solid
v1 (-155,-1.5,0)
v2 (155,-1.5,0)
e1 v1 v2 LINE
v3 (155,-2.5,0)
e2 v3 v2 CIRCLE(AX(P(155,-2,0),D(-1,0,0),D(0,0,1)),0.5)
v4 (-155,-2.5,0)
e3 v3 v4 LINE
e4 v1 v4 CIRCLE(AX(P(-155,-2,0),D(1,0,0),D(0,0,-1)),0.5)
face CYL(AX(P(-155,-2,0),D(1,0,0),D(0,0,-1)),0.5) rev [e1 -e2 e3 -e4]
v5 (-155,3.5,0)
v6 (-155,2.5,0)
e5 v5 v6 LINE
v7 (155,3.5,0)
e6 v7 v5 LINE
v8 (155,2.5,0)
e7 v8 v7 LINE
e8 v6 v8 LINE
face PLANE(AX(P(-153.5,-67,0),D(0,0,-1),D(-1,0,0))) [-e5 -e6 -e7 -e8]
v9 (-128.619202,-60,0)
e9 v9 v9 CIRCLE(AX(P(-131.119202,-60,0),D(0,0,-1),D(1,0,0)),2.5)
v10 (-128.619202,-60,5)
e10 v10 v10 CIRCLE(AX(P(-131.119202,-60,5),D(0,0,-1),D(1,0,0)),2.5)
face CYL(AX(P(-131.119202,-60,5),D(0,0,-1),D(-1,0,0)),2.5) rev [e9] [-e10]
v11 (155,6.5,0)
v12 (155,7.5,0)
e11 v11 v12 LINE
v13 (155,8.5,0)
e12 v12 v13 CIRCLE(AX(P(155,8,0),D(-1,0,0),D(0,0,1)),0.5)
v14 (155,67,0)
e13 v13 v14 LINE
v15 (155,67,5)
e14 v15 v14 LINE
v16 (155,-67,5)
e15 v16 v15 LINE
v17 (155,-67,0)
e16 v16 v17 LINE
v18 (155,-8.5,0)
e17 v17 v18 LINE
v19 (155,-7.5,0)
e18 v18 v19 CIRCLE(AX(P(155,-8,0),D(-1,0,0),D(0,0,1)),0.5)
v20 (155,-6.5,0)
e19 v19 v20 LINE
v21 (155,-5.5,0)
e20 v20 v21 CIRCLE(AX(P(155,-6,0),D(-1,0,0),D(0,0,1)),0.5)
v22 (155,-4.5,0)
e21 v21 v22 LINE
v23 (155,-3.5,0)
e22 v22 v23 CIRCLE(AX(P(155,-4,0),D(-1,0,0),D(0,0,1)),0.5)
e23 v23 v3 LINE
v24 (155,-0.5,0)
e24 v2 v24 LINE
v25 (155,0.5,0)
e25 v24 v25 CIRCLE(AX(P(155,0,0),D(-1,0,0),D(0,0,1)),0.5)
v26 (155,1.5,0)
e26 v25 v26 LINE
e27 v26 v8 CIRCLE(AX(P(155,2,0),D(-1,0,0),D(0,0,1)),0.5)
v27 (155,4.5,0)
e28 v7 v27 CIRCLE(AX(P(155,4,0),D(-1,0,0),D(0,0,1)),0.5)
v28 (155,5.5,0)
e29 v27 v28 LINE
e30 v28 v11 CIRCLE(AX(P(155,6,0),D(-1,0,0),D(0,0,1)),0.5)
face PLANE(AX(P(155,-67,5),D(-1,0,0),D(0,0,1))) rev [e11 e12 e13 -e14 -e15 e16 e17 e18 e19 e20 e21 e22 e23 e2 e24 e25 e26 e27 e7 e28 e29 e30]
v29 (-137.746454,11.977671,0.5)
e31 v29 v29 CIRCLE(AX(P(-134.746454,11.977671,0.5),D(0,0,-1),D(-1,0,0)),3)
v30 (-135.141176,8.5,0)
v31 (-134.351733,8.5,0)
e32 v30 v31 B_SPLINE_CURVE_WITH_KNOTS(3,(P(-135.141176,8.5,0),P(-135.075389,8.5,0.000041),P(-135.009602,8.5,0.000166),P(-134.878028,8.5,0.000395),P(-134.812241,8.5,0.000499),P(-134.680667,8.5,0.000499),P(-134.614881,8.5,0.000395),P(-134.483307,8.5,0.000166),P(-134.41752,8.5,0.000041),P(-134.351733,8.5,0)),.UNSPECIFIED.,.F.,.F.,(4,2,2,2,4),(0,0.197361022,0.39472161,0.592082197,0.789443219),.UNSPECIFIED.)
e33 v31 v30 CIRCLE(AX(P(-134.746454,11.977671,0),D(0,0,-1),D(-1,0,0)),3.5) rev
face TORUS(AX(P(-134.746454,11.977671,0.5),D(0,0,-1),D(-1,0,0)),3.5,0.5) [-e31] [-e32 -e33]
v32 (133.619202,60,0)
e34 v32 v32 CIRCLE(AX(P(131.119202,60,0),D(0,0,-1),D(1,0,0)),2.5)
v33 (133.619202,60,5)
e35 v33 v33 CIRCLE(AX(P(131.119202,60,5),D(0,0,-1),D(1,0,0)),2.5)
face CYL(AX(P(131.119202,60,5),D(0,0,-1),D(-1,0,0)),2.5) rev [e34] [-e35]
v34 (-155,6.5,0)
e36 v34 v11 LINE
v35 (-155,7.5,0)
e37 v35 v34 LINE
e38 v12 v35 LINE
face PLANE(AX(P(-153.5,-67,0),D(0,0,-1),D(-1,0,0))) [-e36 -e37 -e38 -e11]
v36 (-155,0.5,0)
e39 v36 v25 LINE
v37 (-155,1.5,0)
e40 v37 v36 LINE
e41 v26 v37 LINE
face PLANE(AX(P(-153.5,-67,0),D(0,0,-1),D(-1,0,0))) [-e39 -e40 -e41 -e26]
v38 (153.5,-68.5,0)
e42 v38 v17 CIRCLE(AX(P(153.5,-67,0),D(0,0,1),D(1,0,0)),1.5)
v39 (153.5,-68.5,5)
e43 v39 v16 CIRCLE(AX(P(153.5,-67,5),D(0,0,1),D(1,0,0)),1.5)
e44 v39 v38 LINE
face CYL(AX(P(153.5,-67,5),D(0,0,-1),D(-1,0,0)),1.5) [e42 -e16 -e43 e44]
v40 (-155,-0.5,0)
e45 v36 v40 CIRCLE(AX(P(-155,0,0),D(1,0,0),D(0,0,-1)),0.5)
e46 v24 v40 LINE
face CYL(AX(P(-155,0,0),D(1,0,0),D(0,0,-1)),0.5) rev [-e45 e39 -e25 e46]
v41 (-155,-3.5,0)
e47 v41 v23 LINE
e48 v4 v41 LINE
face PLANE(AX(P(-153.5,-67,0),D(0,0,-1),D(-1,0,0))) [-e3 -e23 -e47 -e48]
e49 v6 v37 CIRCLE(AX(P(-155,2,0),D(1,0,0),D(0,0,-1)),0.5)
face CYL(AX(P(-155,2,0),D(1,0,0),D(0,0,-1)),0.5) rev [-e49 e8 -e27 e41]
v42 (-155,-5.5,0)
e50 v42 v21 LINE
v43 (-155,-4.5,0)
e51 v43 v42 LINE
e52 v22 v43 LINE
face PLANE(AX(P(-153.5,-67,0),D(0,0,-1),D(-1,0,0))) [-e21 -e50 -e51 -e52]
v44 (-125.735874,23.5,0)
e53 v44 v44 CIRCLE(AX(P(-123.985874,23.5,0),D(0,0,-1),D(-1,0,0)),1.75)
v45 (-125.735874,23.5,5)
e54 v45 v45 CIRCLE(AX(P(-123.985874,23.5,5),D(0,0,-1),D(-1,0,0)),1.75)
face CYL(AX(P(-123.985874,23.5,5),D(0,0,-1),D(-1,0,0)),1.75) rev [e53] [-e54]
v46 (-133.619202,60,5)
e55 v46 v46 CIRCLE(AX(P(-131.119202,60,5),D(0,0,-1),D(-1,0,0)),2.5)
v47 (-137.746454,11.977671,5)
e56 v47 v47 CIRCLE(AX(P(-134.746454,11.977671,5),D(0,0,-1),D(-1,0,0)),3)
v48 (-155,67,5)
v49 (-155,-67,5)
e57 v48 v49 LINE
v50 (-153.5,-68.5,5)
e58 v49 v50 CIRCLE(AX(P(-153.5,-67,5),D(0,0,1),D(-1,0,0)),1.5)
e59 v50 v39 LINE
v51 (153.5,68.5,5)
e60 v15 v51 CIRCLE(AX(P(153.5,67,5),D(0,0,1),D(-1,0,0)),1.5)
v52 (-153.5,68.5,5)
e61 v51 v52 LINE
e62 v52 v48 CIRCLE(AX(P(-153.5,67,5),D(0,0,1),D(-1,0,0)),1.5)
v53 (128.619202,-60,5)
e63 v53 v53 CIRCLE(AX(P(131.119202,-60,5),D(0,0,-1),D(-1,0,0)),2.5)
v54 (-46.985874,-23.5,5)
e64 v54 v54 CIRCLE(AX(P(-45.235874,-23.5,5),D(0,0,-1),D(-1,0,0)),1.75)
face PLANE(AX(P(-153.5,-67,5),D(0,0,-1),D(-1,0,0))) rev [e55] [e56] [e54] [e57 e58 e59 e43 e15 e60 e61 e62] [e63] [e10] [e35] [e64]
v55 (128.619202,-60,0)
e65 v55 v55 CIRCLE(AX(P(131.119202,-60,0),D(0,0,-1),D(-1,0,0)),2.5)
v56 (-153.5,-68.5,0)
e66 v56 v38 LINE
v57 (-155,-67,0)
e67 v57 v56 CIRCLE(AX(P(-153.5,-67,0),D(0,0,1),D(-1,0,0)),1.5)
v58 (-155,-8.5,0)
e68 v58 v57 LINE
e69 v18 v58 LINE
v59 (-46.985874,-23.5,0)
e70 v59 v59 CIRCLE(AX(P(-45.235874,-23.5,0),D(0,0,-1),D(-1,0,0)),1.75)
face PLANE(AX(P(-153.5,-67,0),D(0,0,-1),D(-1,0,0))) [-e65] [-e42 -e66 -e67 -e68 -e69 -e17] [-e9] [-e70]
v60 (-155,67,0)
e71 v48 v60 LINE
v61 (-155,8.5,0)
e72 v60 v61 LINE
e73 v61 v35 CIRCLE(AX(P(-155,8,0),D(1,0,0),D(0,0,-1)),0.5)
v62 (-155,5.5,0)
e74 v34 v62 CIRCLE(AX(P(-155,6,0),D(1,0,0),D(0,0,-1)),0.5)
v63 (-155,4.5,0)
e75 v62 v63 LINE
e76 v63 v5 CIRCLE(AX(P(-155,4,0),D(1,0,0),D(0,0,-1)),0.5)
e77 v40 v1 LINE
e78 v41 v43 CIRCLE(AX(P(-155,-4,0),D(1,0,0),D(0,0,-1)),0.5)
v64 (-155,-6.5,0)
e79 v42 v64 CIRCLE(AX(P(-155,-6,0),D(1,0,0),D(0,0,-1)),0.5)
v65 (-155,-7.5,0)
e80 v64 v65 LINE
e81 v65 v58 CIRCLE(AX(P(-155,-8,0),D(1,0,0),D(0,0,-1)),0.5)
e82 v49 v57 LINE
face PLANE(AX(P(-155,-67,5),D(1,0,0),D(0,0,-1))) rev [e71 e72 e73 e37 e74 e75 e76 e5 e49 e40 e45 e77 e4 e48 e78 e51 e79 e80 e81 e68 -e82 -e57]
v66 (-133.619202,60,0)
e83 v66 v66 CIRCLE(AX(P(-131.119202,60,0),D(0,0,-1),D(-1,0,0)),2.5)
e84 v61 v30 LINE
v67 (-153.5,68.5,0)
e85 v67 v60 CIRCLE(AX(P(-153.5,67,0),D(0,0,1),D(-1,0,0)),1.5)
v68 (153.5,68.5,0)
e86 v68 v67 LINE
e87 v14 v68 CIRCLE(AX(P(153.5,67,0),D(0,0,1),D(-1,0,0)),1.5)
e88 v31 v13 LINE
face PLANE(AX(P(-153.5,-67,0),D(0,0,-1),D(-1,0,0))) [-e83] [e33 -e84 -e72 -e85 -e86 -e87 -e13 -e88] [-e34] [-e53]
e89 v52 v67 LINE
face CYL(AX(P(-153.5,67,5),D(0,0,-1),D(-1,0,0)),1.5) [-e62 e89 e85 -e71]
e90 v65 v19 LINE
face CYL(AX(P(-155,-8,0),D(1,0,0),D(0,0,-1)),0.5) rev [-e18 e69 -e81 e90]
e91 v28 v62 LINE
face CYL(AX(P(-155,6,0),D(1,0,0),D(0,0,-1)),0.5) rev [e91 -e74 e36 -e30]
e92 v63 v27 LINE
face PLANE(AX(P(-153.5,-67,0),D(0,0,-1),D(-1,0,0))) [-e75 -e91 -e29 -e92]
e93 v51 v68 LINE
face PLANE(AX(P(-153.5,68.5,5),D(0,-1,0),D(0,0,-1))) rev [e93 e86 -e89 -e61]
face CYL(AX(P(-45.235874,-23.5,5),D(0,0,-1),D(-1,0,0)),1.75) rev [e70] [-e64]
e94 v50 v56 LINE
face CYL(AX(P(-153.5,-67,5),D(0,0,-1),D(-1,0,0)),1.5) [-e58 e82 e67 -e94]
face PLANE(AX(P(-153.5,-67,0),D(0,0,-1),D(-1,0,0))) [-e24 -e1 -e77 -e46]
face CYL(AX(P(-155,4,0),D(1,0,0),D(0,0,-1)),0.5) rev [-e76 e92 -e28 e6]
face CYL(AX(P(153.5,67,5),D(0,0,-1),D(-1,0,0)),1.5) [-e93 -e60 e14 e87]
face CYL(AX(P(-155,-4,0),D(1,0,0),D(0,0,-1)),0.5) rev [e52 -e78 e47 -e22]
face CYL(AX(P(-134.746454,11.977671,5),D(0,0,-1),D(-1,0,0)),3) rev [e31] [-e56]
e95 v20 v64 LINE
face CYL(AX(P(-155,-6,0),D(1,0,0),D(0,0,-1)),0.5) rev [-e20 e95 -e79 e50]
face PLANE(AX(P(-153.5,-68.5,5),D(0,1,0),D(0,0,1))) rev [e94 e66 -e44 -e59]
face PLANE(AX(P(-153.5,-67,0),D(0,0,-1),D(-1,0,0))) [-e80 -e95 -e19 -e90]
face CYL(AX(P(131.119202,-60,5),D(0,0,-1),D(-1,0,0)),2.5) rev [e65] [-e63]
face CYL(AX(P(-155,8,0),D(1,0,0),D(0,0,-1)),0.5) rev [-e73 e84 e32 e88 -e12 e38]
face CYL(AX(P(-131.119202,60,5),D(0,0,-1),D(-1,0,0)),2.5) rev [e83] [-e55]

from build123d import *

# Parameters (mm, degrees)
BOSS_EXTRU_1_DEPTH           = 5
ESQUISSE2_R                  = 2.5
ENL_V_MAT_EXTRU_1_DEPTH      = 5
ESQUISSE3_R                  = 0.5
ENL_V_MAT_EXTRU_2_DEPTH      = 1
ENL_V_MAT_EXTRU_2_DEPTH_BACK = 311
ESQUISSE4_R                  = 1.75
ENL_V_MAT_EXTRU_3_DEPTH      = 5
ESQUISSE6_R                  = 3
ENL_V_MAT_EXTRU_4_DEPTH      = 5
CONG_1_R                     = 0.5


with BuildPart() as part:
    # Esquisse1 → Boss.-Extru.1 (new body)
    with BuildSketch(Plane.XY):
        with BuildLine():
            Line((-153.5, -68.5), (153.5, -68.5))
            ThreePointArc((153.5, -68.5), (154.560660172, -68.060660172), (155, -67))
            Line((155, -67), (155, 67))
            ThreePointArc((155, 67), (154.560660172, 68.060660172), (153.5, 68.5))
            Line((153.5, 68.5), (-153.5, 68.5))
            ThreePointArc((-153.5, 68.5), (-154.560660172, 68.060660172), (-155, 67))
            Line((-155, 67), (-155, -67))
            ThreePointArc((-155, -67), (-154.560660172, -68.060660172), (-153.5, -68.5))
        make_face()
    extrude(amount=BOSS_EXTRU_1_DEPTH)

    # Esquisse2 → Enlèv. mat.-Extru.1 (cut)
    with BuildSketch(Plane(origin=(0, 0, 0), x_dir=(-1, 0, 0), z_dir=(0, 0, -1))):
        with Locations((-131.119201541, -60)):
            Circle(ESQUISSE2_R)
        with Locations((-131.119201541, 60)):
            Circle(ESQUISSE2_R)
        with Locations((131.119201541, 60)):
            Circle(ESQUISSE2_R)
        with Locations((131.119201541, -60)):
            Circle(ESQUISSE2_R)
    extrude(amount=-ENL_V_MAT_EXTRU_1_DEPTH, mode=Mode.SUBTRACT)

    # Esquisse3 → Enlèv. mat.-Extru.2 (cut, two sides)
    with BuildSketch(Plane(origin=(155, 0, 0), x_dir=(0, 0, -1), z_dir=(1, 0, 0))) as enl_v_mat_extru_2_sk:
        Circle(ESQUISSE3_R)
        with Locations((0, 2)):
            Circle(ESQUISSE3_R)
        with Locations((0, 4)):
            Circle(ESQUISSE3_R)
        with Locations((0, 6)):
            Circle(ESQUISSE3_R)
        with Locations((0, 8)):
            Circle(ESQUISSE3_R)
        with Locations((0, -2)):
            Circle(ESQUISSE3_R)
        with Locations((0, -4)):
            Circle(ESQUISSE3_R)
        with Locations((0, -6)):
            Circle(ESQUISSE3_R)
        with Locations((0, -8)):
            Circle(ESQUISSE3_R)
    extrude(amount=ENL_V_MAT_EXTRU_2_DEPTH, mode=Mode.SUBTRACT)
    extrude(enl_v_mat_extru_2_sk.sketch, amount=-ENL_V_MAT_EXTRU_2_DEPTH_BACK, mode=Mode.SUBTRACT)

    # Esquisse4 → Enlèv. mat.-Extru.3 (cut)
    with BuildSketch(Plane(origin=(0, 0, 0), x_dir=(-1, 0, 0), z_dir=(0, 0, -1))):
        with Locations((45.235873588, -23.5)):
            Circle(ESQUISSE4_R)
        with Locations((123.985873588, 23.5)):
            Circle(ESQUISSE4_R)
    extrude(amount=-ENL_V_MAT_EXTRU_3_DEPTH, mode=Mode.SUBTRACT)

    # Esquisse6 → Enlèv. mat.-Extru.4 (cut)
    with BuildSketch(Plane(origin=(0, 0, 0), x_dir=(-1, 0, 0), z_dir=(0, 0, -1))):
        with Locations((134.746454325, 11.977670931)):
            Circle(ESQUISSE6_R)
    extrude(amount=-ENL_V_MAT_EXTRU_4_DEPTH, mode=Mode.SUBTRACT)

    # Congé1
    cong_1_edges = [part.edges().sort_by_distance(p)[0] for p in [
        (-131.746454325, 11.977670931, 0),
    ]]
    fillet(cong_1_edges, radius=CONG_1_R)


solid = part.part
